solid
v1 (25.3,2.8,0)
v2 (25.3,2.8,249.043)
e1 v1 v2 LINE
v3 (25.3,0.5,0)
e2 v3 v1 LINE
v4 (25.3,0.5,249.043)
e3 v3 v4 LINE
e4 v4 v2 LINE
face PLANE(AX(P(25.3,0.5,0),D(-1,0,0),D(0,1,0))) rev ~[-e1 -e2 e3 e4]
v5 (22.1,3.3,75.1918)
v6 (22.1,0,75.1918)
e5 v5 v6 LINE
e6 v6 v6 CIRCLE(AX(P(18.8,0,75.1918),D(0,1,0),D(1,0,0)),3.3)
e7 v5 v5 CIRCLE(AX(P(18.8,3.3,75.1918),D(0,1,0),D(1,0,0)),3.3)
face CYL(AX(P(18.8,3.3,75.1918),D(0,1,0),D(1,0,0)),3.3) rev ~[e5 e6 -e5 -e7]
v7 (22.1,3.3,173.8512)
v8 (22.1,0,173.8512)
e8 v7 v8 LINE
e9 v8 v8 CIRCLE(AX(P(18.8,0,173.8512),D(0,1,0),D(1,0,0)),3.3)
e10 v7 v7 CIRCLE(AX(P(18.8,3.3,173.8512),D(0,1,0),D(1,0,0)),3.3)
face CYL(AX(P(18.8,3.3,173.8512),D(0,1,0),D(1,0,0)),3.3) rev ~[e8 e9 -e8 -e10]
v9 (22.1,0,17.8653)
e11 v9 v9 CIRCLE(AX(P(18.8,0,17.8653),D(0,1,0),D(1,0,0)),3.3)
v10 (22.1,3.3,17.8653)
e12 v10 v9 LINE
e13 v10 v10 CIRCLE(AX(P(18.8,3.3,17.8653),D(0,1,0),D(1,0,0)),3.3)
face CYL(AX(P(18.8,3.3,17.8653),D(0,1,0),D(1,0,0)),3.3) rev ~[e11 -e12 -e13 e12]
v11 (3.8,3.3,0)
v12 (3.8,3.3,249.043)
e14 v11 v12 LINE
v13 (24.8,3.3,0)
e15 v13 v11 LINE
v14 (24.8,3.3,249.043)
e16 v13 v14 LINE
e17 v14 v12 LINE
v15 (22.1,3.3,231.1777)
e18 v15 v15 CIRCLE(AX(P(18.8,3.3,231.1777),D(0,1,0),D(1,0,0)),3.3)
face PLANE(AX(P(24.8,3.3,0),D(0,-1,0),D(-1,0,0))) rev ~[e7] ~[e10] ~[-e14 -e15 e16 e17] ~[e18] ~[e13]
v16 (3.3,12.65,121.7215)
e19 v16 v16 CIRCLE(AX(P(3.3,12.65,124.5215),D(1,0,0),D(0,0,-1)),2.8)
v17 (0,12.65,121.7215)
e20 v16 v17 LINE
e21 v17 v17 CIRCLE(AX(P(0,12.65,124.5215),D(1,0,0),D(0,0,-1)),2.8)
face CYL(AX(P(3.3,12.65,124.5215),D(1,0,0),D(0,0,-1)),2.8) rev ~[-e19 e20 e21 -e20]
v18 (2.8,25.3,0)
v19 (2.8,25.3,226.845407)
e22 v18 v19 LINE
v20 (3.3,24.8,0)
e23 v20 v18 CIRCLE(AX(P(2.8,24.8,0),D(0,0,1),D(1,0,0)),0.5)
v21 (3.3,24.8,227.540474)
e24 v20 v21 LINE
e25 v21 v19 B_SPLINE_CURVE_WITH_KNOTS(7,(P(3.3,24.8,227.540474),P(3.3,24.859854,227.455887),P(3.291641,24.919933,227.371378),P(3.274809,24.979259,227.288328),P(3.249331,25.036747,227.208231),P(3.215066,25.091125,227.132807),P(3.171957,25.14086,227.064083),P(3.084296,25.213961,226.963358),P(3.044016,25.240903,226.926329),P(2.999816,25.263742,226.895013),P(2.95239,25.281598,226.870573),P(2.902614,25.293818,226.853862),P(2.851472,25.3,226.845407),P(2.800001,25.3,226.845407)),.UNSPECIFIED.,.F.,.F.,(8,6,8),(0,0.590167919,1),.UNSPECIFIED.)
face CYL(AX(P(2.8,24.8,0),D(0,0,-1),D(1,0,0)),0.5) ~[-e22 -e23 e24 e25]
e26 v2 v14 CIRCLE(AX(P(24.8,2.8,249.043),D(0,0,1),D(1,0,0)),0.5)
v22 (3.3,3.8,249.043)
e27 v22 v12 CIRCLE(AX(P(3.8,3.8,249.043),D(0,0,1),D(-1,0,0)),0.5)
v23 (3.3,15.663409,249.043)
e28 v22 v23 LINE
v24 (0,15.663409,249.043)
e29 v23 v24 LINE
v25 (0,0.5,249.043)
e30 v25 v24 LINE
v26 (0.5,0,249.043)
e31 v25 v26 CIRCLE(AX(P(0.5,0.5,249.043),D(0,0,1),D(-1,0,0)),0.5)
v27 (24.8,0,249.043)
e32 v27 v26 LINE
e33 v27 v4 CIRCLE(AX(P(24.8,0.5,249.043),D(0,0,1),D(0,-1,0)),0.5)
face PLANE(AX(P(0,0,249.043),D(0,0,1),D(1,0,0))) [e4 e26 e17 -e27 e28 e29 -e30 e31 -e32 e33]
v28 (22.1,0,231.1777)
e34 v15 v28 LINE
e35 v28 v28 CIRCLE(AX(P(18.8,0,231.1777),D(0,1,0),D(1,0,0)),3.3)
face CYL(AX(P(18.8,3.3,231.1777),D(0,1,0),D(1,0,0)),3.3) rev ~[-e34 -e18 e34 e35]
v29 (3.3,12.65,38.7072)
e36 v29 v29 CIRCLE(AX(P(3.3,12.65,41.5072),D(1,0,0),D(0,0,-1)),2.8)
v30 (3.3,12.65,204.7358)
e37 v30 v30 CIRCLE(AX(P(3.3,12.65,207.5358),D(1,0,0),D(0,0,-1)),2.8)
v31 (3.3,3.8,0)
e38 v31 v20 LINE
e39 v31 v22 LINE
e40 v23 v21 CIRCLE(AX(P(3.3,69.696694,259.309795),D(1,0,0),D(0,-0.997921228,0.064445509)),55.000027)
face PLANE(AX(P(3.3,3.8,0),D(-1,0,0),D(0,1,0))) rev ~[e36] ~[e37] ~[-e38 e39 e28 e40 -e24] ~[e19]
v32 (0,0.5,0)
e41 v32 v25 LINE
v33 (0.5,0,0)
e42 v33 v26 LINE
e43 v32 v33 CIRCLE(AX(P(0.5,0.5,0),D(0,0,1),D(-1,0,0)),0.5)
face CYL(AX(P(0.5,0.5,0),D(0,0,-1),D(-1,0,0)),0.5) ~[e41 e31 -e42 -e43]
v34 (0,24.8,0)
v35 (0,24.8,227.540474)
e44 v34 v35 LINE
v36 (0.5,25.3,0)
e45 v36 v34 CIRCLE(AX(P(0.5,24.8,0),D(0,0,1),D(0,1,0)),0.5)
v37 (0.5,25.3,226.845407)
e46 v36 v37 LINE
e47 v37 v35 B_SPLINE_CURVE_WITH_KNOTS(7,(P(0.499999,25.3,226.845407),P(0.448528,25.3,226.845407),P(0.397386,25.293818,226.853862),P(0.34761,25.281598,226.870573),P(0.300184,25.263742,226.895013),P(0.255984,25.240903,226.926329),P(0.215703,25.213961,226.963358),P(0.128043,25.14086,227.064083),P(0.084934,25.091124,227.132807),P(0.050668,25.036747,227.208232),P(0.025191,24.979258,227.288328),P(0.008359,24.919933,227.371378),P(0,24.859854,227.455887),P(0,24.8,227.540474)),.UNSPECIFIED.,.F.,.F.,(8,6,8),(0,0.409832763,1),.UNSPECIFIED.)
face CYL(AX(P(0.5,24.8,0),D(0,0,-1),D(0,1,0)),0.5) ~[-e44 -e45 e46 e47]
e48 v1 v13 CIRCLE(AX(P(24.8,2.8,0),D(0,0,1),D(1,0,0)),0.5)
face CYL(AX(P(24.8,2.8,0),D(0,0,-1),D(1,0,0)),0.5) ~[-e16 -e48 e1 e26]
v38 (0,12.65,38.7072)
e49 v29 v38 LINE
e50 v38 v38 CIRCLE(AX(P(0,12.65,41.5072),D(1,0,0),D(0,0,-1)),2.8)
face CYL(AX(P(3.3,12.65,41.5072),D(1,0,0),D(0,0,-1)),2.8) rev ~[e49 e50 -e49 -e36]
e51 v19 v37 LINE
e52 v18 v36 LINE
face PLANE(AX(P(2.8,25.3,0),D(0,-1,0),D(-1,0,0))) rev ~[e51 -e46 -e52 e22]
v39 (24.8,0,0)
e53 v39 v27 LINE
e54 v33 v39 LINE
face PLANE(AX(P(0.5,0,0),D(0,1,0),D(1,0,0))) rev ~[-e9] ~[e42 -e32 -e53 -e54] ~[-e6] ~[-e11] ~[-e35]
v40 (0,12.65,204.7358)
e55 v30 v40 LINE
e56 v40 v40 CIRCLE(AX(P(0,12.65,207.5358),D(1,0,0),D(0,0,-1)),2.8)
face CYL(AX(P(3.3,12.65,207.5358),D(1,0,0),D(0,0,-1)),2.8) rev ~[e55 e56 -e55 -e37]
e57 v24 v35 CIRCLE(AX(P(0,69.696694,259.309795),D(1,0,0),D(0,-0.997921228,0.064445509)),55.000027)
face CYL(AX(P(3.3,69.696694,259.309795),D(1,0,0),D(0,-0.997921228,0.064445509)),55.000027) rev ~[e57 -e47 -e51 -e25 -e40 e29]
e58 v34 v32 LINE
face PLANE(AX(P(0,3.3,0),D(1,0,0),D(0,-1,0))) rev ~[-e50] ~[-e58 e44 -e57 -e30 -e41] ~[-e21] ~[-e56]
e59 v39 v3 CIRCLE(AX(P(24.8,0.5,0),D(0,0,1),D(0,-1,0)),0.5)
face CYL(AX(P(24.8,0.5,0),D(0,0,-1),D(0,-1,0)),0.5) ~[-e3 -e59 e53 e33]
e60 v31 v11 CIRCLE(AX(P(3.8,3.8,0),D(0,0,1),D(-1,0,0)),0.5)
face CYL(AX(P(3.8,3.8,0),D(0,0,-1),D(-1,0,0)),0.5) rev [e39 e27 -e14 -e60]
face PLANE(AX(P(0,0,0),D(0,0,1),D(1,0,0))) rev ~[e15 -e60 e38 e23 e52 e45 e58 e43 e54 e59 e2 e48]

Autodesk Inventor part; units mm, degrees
ref_plane "YZ Plane" through (0, 0, 0) normal (1, 0, 0) x (0, 1, 0)
ref_plane "XZ Plane" through (0, 0, 0) normal (0, 1, 0) x (-1, 0, 0)
ref_plane "XY Plane" through (0, 0, 0) normal (0, 0, 1) x (1, 0, 0)
sketch "Sketch1" plane through (0, 0, 0) normal (0, 0, 1) x (1, 0, 0)
  line L0 (0.5, 0) -> (3.3, 0)
  line L1 (3.3, 3.8) -> (3.3, 24.8)
  line L2 (2.8, 25.3) -> (0.5, 25.3)
  line L3 (0, 24.8) -> (0, 0.5)
  line L4 (0, 0) -> (24.8, 0)
  line L5 (25.3, 0.5) -> (25.3, 2.8)
  line L6 (24.8, 3.3) -> (3.8, 3.3)
  line L7 (0, 3.3) -> (0, 0)
  arc A0 (3.3, 24.8) -> (2.8, 25.3) centre (2.8, 24.8) ccw
  arc A1 (0.5, 25.3) -> (0, 24.8) centre (0.5, 24.8) ccw
  arc A2 (3.3, 3.8) -> (3.8, 3.3) centre (3.8, 3.8) ccw
  arc A3 (0, 0.5) -> (0.5, 0) centre (0.5, 0.5) ccw
  arc A4 (24.8, 0) -> (25.3, 0.5) centre (24.8, 0.5) ccw
  arc A5 (25.3, 2.8) -> (24.8, 3.3) centre (24.8, 2.8) ccw
  point P0 (3.3, 25.3)
  point P1 (0, 25.3)
  point P2 (25.3, 3.3)
  point P3 (25.3, 0)
  dimension "d0" = 3.3
  dimension "d1" = 25.3
  dimension "d2" = 25.3
  dimension "d3" = 3.3
  dimension "d4" = 0.5
extrude "Extrusion1" add sketch "Sketch1" along normal blind 249.043 contours A3 L3 A1 L2 A0 L1 A2 L6 A5 L5 A4 L4 L0
sketch "Sketch2" plane through (3.8, 3.3, 0) normal (0, 1, 0) x (1, 0, 0)
  circle A0 centre (15, -231.1777) radius 3.3
  line L0 (21, -249.043) -> (0, -249.043) projected
  line L1 (-3.8, 0) -> (-3.8, -249.043) construction
  line L2 (-3.8, -124.5215) -> (21, -124.5215) construction
  line L3 (21, 0) -> (21, -249.043) construction
  circle A1 centre (15, -17.8653) radius 3.3
  line L4 (15, -231.1777) -> (15, -124.5215) construction
  line L5 (15, -124.5215) -> (15, -17.8653) construction
  circle A2 centre (15, -75.1918) radius 3.3
  circle A3 centre (15, -173.8512) radius 3.3
  dimension "d7" = 6.6
  dimension "d9" = 6
  dimension "d12" = 213.3123
  dimension "d23" = 6.6
extrude "Extrusion2" cut sketch "Sketch2" against normal through all
sketch "Sketch3" plane through (3.3, 3.8, 0) normal (1, 0, 0) x (0, 0, -1)
  line L0 (-249.043, 21) -> (-249.043, -3.3) construction
  line L1 (-249.043, 8.85) -> (0, 8.85) construction
  line L2 (0, 21) -> (0, -3.3) projected
  circle A0 centre (-124.5215, 8.85) radius 2.8
  circle A1 centre (-207.5358, 8.85) radius 2.8
  circle A2 centre (-41.5072, 8.85) radius 2.8
  line L3 (-249.043, 0) -> (-249.043, 21) projected
  line L4 (0, 21.5) -> (-249.043, 21.5) projected
  line L5 (-249.043, 21.5) -> (-249.043, 21) projected
  arc A3 (-262.8543, 11.011) -> (-243.3985, 118.5449) centre (-259.3098, 65.8967) ccw projected
  point P0 (0, -3.8)
  point P1 (-249.043, 11.8634)
  point P2 (-226.8454, 21.5)
  dimension "d14" = 5.6
  dimension "d15" = 249.043
  dimension "d16" = 124.5215
  dimension "d17" = 5.6
  dimension "d18" = 5.6
  dimension "d19" = 41.5072
  dimension "d20" = 41.5072
extrude "Extrusion3" cut sketch "Sketch3" against normal blind 10
equation "\"d16\" = 0.5 * d15"
equation "\"d19\" = 0.333333 * d16"
equation "\"d20\" = 0.333333 * d16"
properties part number "1in Angle x 250" material "Aluminum 6061"
